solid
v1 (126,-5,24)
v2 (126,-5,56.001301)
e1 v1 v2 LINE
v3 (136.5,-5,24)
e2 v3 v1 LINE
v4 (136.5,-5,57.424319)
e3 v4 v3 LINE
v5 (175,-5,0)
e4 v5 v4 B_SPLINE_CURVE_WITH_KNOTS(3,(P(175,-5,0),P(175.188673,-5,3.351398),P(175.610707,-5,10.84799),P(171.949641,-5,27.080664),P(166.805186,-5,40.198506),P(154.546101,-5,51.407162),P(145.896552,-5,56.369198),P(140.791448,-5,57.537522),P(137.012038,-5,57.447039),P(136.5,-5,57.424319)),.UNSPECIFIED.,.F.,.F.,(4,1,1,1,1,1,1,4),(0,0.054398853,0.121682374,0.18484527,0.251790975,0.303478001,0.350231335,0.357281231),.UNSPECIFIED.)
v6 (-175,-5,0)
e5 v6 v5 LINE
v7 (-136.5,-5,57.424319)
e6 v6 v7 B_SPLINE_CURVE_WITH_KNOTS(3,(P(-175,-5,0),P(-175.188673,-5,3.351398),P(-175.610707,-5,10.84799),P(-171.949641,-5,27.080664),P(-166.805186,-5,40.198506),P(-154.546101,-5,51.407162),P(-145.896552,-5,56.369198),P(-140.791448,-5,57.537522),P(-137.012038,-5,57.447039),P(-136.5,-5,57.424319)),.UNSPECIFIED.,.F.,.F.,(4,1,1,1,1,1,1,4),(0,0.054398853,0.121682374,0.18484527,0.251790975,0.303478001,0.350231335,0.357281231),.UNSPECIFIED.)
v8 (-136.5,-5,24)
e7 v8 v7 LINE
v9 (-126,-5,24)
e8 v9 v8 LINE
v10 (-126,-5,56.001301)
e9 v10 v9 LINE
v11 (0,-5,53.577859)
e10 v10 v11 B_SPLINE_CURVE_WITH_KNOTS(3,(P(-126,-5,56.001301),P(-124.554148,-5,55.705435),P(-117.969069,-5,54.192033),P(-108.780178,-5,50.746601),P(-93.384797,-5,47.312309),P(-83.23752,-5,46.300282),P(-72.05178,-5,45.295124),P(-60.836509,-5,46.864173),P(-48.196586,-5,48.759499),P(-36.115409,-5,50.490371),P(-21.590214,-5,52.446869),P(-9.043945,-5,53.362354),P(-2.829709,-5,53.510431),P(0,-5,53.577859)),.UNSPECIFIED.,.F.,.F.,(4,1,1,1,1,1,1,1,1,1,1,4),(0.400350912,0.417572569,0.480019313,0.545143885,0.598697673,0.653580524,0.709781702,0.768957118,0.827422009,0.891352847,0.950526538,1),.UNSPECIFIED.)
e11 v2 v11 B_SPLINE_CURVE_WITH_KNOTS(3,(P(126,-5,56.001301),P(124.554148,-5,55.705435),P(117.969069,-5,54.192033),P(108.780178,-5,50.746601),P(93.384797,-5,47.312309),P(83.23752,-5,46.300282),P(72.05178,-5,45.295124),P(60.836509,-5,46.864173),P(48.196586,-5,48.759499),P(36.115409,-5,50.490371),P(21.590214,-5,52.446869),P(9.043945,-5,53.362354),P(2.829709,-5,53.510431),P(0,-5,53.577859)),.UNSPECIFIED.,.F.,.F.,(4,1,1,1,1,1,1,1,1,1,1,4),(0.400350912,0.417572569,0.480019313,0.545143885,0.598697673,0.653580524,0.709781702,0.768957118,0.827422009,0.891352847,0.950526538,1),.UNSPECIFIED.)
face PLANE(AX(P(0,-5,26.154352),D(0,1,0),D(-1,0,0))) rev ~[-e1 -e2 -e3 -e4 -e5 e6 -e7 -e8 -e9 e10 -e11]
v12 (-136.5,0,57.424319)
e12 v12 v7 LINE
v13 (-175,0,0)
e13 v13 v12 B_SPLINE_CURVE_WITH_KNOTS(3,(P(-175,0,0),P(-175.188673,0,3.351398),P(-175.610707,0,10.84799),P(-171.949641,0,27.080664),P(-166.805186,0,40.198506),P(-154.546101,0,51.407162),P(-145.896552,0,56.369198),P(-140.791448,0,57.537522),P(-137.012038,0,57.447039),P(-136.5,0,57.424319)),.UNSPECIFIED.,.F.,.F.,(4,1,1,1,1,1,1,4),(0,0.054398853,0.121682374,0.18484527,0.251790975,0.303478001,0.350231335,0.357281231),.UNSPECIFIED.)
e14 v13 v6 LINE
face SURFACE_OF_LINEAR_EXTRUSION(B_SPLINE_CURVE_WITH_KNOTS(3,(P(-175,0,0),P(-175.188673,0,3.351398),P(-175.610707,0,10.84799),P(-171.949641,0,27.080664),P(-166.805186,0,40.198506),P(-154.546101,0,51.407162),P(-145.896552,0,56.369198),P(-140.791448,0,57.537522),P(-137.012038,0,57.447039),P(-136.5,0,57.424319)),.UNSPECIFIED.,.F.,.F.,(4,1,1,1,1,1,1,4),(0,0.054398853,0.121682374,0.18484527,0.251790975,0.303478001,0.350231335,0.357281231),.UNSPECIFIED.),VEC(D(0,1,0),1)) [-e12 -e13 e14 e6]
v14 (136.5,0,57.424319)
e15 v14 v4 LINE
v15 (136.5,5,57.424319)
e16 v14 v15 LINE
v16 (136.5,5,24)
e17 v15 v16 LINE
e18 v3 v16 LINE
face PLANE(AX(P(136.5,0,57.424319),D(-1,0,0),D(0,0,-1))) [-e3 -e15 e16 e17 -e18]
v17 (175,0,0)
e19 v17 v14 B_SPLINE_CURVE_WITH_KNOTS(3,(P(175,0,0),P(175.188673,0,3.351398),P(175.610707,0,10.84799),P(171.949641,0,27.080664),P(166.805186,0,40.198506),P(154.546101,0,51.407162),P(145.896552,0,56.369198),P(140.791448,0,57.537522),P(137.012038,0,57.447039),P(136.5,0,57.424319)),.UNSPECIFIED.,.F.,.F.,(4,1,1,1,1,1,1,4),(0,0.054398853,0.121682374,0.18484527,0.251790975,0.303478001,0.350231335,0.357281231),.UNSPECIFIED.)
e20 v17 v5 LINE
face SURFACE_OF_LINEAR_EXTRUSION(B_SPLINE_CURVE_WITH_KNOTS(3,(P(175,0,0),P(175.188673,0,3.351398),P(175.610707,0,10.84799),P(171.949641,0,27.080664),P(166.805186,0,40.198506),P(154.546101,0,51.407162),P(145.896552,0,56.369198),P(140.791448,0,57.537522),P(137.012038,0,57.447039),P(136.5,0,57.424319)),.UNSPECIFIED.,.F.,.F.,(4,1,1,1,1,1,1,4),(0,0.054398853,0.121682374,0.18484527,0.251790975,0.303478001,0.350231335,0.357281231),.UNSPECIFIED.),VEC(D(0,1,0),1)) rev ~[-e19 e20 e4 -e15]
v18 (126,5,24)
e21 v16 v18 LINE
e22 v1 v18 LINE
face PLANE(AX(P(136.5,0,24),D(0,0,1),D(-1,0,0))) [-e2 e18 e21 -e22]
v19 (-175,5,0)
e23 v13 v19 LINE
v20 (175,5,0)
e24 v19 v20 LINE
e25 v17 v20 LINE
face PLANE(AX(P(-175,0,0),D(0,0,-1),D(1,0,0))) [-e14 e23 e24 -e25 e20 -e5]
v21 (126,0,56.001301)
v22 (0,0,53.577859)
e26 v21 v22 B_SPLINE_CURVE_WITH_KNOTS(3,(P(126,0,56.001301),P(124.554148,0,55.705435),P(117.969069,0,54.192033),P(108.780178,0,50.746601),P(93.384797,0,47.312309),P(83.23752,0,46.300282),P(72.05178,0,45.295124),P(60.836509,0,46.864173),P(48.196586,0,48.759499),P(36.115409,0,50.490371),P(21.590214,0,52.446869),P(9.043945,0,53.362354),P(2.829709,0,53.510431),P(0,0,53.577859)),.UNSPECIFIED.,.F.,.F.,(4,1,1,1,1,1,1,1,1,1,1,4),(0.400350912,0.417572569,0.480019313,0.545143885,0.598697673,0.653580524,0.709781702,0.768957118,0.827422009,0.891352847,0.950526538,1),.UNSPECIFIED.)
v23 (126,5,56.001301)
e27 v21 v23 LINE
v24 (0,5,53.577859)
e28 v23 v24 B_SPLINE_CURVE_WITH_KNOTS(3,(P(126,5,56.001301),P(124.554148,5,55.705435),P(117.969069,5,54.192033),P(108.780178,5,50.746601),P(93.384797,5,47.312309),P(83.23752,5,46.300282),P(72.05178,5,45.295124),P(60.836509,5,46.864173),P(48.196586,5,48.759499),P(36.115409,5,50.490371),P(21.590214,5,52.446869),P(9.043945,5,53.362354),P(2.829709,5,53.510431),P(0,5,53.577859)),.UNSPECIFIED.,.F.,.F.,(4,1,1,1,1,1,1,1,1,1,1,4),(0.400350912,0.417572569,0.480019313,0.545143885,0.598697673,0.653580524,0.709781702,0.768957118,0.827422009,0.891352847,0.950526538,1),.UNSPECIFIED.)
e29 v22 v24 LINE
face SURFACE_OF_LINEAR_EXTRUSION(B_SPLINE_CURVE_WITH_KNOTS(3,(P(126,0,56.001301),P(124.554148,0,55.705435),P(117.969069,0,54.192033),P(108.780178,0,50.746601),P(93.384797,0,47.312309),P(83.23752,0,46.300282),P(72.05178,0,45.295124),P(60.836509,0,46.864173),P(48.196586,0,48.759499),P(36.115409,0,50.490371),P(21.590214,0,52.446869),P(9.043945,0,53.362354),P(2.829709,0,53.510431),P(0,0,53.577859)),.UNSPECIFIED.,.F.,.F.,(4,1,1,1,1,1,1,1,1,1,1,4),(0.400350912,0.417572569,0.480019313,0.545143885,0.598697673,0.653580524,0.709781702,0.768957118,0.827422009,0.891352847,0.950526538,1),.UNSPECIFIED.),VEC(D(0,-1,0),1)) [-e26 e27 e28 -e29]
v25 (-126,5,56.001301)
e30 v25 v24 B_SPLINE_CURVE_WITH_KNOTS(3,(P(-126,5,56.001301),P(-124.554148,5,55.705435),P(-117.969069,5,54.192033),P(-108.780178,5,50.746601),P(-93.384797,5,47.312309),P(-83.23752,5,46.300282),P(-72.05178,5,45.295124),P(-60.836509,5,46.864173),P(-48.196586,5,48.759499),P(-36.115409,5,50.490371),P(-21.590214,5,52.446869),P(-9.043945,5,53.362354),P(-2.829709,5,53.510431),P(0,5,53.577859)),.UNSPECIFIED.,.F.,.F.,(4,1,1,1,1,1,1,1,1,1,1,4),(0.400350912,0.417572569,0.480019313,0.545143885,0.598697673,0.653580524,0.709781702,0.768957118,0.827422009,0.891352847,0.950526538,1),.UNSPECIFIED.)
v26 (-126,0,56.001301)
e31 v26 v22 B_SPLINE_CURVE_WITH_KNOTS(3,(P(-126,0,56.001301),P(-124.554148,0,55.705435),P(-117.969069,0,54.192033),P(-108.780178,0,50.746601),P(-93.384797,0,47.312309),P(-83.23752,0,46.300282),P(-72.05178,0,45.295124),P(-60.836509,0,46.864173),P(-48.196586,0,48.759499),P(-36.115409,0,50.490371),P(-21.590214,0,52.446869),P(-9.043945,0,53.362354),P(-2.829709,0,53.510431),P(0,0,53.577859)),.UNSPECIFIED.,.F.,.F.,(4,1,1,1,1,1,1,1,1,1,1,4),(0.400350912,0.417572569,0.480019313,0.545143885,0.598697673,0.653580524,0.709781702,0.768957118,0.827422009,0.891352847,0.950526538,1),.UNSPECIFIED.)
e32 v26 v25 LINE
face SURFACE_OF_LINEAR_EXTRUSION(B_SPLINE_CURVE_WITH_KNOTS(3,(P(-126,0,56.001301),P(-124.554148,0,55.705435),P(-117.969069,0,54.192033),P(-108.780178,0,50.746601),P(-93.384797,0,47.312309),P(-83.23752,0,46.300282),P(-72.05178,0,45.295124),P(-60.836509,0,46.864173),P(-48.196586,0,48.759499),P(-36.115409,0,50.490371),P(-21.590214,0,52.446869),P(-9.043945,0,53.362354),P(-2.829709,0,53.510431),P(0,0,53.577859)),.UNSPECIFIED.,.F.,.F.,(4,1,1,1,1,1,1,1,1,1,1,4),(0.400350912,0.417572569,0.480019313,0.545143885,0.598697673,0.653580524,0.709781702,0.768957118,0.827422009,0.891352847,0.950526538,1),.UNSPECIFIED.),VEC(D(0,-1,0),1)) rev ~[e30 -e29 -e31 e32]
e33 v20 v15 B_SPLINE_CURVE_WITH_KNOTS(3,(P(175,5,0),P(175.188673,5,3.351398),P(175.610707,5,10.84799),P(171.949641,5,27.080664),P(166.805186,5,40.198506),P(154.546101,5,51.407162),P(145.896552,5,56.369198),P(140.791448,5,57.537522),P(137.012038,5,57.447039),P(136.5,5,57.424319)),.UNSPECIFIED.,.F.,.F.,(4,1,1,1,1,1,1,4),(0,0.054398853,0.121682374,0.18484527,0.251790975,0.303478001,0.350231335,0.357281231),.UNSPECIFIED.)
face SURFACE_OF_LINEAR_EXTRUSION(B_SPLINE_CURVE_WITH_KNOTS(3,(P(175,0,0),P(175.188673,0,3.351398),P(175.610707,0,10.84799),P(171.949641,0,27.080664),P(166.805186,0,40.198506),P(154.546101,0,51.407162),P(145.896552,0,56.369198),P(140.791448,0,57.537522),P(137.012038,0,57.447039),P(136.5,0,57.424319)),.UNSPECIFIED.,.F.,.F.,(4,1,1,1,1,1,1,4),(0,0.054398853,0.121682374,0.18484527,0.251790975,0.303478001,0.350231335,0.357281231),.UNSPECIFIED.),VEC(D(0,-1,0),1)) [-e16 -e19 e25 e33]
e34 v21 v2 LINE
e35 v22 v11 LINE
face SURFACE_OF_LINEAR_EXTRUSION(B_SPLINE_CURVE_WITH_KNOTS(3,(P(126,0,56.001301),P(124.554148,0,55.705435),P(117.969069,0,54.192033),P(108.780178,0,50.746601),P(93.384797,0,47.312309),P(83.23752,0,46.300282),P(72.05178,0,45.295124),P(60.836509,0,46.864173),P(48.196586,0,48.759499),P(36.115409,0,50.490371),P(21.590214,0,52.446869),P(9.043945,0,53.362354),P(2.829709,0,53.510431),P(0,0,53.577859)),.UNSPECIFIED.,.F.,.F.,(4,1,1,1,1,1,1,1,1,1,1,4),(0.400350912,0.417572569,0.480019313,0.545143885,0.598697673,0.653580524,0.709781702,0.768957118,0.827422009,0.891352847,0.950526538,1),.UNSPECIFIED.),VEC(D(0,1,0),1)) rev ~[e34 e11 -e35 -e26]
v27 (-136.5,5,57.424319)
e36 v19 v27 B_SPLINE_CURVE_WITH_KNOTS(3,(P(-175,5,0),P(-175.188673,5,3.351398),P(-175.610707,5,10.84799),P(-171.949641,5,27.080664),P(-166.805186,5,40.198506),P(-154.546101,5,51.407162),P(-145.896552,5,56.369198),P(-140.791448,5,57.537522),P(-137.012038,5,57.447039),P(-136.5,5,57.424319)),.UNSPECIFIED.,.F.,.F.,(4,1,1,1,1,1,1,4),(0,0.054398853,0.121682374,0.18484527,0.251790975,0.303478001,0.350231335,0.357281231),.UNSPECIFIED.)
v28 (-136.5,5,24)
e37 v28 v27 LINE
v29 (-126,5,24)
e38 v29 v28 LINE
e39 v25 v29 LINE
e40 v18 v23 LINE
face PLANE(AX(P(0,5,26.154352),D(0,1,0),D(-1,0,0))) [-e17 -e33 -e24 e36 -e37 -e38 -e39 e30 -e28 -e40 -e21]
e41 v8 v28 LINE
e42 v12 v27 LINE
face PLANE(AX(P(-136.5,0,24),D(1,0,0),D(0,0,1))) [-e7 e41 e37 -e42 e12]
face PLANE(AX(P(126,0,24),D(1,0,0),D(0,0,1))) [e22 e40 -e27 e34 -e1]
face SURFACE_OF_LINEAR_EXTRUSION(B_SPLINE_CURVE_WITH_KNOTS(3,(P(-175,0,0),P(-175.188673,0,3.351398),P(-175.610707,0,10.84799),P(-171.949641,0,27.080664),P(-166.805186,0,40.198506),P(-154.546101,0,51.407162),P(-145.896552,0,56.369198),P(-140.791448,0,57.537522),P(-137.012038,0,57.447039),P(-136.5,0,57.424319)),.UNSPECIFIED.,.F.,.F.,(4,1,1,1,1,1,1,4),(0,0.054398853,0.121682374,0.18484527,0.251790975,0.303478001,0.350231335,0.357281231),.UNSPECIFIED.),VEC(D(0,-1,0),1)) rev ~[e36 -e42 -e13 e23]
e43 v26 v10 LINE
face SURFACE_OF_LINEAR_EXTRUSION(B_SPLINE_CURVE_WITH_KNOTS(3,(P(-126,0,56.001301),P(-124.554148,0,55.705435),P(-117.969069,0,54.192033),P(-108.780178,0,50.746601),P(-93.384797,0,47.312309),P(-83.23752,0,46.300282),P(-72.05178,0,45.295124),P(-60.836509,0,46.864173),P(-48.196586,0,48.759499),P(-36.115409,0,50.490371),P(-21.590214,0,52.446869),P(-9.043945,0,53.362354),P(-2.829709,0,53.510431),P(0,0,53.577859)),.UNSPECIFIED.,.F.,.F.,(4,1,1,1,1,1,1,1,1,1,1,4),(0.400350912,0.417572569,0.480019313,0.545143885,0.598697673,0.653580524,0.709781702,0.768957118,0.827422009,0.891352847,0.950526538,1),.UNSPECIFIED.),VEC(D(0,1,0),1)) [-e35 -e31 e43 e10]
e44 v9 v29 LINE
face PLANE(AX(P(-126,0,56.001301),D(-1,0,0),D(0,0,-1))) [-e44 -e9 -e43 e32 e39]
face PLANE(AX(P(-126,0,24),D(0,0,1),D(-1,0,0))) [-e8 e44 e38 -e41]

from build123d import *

# Parameters (mm, degrees)
F1_DEPTH = 5


with BuildPart() as f1:
    # F0 (on Front) → F1 (new body, symmetric)
    with BuildSketch(Plane.XZ):
        with BuildLine():
            add(Edge.make_bspline(
                [(-175, 0), (-175.188673045, 3.351397706), (-175.610707382, 10.8479900742), (-171.9496406387, 27.0806635508), (-166.8051864122, 40.1985055158), (-154.5461010079, 51.4071622955), (-145.8965516954, 56.3691980075), (-140.7914483807, 57.537522072), (-137.0120384714, 57.4470390791), (-136.5, 57.4243189561)],
                knots=[0, 0, 0, 0, 0.0543988534, 0.1216823741, 0.1848452702, 0.2517909749, 0.3034780006, 0.3502313349, 0.3572812312, 0.3572812312, 0.3572812312, 0.3572812312], degree=3))
            Line((-175, 0), (175, 0))
            add(Edge.make_bspline(
                [(175, 0), (175.188673045, 3.351397706), (175.610707382, 10.8479900742), (171.9496406387, 27.0806635508), (166.8051864122, 40.1985055158), (154.5461010079, 51.4071622955), (145.8965516954, 56.3691980075), (140.7914483807, 57.537522072), (137.0120384714, 57.4470390791), (136.5, 57.4243189561)],
                knots=[0, 0, 0, 0, 0.0543988534, 0.1216823741, 0.1848452702, 0.2517909749, 0.3034780006, 0.3502313349, 0.3572812312, 0.3572812312, 0.3572812312, 0.3572812312], degree=3))
            Line((136.5, 57.4243189561), (136.5, 24))
            Line((136.5, 24), (126, 24))
            Line((126, 24), (126, 56.0013009423))
            add(Edge.make_bspline(
                [(126, 56.0013009423), (124.5541483871, 55.7054349891), (117.9690685875, 54.1920327425), (108.7801784568, 50.7466012387), (93.3847968667, 47.3123085388), (83.2375200687, 46.3002820803), (72.0517797856, 45.2951236), (60.836509294, 46.8641725504), (48.196586284, 48.7594985748), (36.1154087388, 50.4903707353), (21.5902138007, 52.4468689764), (9.0439454159, 53.3623544266), (2.8297087613, 53.5104309658), (0, 53.5778589547)],
                knots=[0.400350912, 0.400350912, 0.400350912, 0.400350912, 0.4175725687, 0.4800193127, 0.5451438854, 0.598697673, 0.6535805236, 0.7097817025, 0.7689571176, 0.8274220088, 0.8913528467, 0.9505265379, 1, 1, 1, 1], degree=3))
            add(Edge.make_bspline(
                [(-126, 56.0013009423), (-124.5541483871, 55.7054349891), (-117.9690685875, 54.1920327425), (-108.7801784568, 50.7466012387), (-93.3847968667, 47.3123085388), (-83.2375200687, 46.3002820803), (-72.0517797856, 45.2951236), (-60.836509294, 46.8641725504), (-48.196586284, 48.7594985748), (-36.1154087388, 50.4903707353), (-21.5902138007, 52.4468689764), (-9.0439454159, 53.3623544266), (-2.8297087613, 53.5104309658), (0, 53.5778589547)],
                knots=[0.400350912, 0.400350912, 0.400350912, 0.400350912, 0.4175725687, 0.4800193127, 0.5451438854, 0.598697673, 0.6535805236, 0.7097817025, 0.7689571176, 0.8274220088, 0.8913528467, 0.9505265379, 1, 1, 1, 1], degree=3))
            Line((-126, 56.0013009423), (-126, 24))
            Line((-126, 24), (-136.5, 24))
            Line((-136.5, 24), (-136.5, 57.4243189561))
        make_face()
    extrude(amount=F1_DEPTH, both=True)


solid = f1.part
